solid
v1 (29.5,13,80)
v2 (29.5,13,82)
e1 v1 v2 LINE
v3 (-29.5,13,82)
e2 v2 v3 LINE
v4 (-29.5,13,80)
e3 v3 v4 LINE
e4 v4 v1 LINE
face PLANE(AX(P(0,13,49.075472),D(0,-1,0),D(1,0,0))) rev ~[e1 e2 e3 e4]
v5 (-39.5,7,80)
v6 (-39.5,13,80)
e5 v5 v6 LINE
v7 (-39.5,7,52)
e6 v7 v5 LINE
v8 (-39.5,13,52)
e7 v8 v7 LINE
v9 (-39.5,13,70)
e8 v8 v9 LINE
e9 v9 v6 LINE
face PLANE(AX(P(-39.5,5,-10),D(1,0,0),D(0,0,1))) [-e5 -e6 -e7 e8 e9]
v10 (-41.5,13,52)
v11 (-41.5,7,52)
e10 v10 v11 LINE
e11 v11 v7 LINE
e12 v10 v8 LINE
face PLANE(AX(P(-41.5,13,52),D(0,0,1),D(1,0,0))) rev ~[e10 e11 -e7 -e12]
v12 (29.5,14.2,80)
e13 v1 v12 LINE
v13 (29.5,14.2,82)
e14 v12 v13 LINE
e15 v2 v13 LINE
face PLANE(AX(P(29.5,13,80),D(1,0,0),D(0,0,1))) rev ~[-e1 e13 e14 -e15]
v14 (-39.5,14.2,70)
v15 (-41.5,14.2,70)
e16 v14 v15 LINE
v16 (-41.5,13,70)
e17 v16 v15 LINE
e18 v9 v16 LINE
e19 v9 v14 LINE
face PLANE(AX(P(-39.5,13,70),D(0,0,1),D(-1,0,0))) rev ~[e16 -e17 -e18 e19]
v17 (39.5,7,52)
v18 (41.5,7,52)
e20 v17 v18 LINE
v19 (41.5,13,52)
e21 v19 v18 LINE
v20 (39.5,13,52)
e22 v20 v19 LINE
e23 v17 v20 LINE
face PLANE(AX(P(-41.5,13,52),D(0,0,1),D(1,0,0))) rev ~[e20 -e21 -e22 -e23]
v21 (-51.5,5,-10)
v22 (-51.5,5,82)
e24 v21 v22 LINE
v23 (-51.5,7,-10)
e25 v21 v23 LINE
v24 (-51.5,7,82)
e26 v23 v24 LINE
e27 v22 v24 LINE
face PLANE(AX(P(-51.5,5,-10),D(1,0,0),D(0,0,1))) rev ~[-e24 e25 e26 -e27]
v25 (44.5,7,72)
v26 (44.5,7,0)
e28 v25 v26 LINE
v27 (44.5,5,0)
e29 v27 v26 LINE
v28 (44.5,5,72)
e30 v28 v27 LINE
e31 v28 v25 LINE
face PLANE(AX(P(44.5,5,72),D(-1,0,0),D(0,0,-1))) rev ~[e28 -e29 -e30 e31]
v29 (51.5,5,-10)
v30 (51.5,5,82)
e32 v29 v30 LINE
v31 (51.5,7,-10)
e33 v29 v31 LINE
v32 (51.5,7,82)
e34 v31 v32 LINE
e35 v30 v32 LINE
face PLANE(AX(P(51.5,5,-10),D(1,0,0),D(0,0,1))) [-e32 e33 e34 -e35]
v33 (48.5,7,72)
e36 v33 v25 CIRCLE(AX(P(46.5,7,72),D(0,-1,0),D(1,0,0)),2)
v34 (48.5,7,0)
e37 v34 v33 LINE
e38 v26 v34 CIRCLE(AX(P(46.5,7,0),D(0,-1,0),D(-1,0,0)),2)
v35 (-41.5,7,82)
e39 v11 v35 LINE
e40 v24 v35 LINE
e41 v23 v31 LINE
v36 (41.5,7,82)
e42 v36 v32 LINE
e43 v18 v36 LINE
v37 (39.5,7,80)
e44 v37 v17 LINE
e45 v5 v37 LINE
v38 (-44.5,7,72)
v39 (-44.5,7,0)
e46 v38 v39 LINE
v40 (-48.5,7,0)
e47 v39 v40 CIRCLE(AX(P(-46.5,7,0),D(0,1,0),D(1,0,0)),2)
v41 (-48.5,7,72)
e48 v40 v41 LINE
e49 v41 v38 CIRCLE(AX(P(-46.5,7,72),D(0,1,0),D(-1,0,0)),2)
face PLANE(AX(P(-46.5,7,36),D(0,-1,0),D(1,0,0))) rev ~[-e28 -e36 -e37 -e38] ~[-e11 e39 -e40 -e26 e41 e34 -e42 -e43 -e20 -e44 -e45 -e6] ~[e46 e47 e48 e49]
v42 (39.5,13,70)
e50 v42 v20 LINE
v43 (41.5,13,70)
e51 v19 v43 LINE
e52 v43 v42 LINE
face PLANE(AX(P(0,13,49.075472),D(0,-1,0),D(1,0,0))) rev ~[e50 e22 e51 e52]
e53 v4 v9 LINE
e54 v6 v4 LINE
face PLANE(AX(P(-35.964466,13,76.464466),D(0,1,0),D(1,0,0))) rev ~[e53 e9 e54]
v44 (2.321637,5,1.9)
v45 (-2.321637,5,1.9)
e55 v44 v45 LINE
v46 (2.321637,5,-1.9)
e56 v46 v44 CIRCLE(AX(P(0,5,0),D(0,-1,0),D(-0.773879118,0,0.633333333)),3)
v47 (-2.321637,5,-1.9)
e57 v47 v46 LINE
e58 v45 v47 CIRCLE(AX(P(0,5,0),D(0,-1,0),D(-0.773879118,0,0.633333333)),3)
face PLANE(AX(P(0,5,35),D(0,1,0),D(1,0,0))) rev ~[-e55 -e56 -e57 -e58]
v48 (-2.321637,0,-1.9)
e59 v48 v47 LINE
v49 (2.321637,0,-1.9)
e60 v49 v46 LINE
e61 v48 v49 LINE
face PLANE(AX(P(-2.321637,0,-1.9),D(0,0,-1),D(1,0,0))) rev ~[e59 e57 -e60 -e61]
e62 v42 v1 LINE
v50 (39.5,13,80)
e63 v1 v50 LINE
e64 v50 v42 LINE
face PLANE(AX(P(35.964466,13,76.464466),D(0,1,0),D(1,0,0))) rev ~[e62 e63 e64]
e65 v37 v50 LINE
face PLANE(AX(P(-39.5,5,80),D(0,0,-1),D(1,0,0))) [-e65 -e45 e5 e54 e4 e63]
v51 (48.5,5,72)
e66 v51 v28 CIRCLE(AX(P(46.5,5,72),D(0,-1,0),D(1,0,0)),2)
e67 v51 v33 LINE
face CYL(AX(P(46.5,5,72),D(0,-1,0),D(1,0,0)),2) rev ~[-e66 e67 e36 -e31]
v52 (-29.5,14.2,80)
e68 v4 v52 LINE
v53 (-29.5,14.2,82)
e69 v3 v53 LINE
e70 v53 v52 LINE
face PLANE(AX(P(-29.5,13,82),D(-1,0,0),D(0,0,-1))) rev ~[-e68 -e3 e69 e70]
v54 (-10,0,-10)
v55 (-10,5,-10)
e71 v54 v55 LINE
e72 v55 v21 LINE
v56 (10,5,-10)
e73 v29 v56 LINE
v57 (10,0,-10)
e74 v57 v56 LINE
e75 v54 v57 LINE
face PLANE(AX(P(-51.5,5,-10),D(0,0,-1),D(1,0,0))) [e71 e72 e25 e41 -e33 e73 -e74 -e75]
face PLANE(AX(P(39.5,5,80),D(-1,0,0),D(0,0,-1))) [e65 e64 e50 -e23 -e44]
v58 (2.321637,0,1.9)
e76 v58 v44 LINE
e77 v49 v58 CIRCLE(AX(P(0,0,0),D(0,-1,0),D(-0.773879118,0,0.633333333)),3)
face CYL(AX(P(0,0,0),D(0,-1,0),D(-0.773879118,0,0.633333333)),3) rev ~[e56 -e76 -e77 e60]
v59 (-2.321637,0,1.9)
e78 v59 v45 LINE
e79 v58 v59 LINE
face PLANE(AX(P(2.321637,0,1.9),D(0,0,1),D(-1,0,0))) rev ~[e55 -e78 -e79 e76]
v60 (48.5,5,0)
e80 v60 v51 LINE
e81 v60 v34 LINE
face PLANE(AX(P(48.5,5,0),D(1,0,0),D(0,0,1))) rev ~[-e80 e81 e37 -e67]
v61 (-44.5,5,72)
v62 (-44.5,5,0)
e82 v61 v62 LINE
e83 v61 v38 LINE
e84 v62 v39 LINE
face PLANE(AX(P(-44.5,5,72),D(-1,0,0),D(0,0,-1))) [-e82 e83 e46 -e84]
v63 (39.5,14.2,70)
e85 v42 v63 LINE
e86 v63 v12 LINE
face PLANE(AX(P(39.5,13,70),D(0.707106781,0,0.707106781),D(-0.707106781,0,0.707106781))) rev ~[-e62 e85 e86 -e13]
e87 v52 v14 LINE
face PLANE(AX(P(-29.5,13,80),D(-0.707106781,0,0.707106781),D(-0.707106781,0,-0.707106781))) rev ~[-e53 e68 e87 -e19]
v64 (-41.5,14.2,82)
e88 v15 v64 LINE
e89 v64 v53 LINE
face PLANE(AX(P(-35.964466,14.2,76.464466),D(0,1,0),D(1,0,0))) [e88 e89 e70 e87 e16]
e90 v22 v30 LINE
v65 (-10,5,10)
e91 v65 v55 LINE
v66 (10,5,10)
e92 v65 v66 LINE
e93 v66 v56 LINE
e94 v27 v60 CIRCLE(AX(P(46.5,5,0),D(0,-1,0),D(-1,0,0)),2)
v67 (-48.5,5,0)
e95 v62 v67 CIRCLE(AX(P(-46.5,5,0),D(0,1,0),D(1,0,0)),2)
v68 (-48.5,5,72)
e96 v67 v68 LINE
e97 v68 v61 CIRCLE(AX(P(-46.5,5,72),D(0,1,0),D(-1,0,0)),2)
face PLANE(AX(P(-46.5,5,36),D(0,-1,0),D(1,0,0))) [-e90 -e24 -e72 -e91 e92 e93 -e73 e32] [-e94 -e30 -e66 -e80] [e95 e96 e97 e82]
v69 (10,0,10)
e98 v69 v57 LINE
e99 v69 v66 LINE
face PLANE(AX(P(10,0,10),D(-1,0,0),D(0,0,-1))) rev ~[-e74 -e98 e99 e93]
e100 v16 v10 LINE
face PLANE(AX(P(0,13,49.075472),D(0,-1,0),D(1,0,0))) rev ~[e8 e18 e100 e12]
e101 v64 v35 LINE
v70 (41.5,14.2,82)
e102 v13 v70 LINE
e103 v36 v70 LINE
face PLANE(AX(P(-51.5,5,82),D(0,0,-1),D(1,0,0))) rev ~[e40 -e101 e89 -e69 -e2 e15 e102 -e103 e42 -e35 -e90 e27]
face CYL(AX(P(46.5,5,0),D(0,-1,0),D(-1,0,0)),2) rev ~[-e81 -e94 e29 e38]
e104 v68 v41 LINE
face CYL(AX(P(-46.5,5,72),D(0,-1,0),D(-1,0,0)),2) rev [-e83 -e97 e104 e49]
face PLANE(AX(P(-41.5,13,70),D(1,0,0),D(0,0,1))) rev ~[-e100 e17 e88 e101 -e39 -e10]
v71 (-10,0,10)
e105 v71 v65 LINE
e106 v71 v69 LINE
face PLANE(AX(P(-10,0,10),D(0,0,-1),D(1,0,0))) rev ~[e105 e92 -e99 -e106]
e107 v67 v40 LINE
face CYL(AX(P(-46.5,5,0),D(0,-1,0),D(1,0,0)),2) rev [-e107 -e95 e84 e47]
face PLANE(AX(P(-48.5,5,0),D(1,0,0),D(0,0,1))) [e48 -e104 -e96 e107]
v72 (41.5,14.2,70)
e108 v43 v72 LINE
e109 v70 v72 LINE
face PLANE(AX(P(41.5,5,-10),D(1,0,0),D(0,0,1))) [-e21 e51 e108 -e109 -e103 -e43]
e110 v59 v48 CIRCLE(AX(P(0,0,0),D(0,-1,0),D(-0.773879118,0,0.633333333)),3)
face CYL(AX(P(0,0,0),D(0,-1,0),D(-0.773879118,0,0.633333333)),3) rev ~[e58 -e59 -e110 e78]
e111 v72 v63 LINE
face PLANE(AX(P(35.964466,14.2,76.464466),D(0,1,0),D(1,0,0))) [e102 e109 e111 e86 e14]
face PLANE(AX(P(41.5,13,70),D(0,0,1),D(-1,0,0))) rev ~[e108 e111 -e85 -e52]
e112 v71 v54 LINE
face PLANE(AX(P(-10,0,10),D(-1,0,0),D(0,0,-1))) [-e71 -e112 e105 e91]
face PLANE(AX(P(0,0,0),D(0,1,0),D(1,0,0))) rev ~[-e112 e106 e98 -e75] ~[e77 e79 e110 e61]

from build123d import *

# Parameters (mm, degrees)
CROQUIS1_W              = 20
CROQUIS1_H              = 20
CROQUIS1_R              = 3
SALIENTE_EXTRUIR1_DEPTH = 5
SALIENTE_EXTRUIR2_DEPTH = 2
SALIENTE_EXTRUIR3_DEPTH = 8
SALIENTE_EXTRUIR4_DEPTH = 1.2
CROQUIS5_W              = 10
CROQUIS5_H              = 92
SALIENTE_EXTRUIR5_DEPTH = 2
CROQUIS6_W              = 83
CROQUIS6_H              = 62
CORTAR_EXTRUIR1_DEPTH   = 6


with BuildPart() as part:
    # Croquis1 → Saliente-Extruir1 (new body)
    with BuildSketch(Plane(origin=(0, 0, 0), x_dir=(1, 0, 0), z_dir=(0, 1, 0))):
        Rectangle(CROQUIS1_W, CROQUIS1_H)
        Circle(CROQUIS1_R, mode=Mode.SUBTRACT)
        with BuildLine():
            Line((2.321637353, -1.9), (-2.321637353, -1.9))
            ThreePointArc((-2.321637353, -1.9), (0, -3), (2.321637353, -1.9))
        make_face()
        with BuildLine():
            Line((-2.321637353, 1.9), (2.321637353, 1.9))
            ThreePointArc((2.321637353, 1.9), (0, 3), (-2.321637353, 1.9))
        make_face()
    extrude(amount=SALIENTE_EXTRUIR1_DEPTH)

    # Croquis2 → Saliente-Extruir2 (add)
    with BuildSketch(Plane(origin=(0, 5, 0), x_dir=(1, 0, 0), z_dir=(0, 1, 0))):
        Polygon((-10, 10), (-39.5, 10), (-39.5, 0), (-39.5, -80), (39.5, -80), (39.5, 0), (39.5, 10), (10, 10), align=None)
    extrude(amount=SALIENTE_EXTRUIR2_DEPTH)

    # Croquis3 → Saliente-Extruir3 (add)
    with BuildSketch(Plane.XZ.offset(-5)):
        Polygon((39.5, 80), (39.5, -10), (41.5, -10), (41.5, 82), (-41.5, 82), (-41.5, -10), (-39.5, -10), (-39.5, 80), align=None)
    extrude(amount=-SALIENTE_EXTRUIR3_DEPTH)

    # Croquis4 → Saliente-Extruir4 (add)
    with BuildSketch(Plane(origin=(0, 13, 0), x_dir=(1, 0, 0), z_dir=(0, 1, 0))):
        Polygon((-39.5, -80), (-29.5, -80), (-39.5, -70), align=None)
        Polygon((-29.5, -82), (-29.5, -80), (-39.5, -80), (-39.5, -70), (-41.5, -70), (-41.5, -82), align=None)
        Polygon((39.5, -70), (29.5, -80), (39.5, -80), align=None)
        Polygon((39.5, -80), (29.5, -80), (29.5, -82), (41.5, -82), (41.5, -70), (39.5, -70), align=None)
    extrude(amount=SALIENTE_EXTRUIR4_DEPTH)

    # Croquis5 → Saliente-Extruir5 (add)
    with BuildSketch(Plane.XZ.offset(-5)):
        with Locations((-46.5, 36)):
            Rectangle(CROQUIS5_W, CROQUIS5_H)
        with BuildLine():
            Line((-48.5, 0), (-48.5, 72))
            ThreePointArc((-48.5, 72), (-46.5, 74), (-44.5, 72))
            Line((-44.5, 72), (-44.5, 0))
            ThreePointArc((-44.5, 0), (-46.5, -2), (-48.5, 0))
        make_face(mode=Mode.SUBTRACT)
        with Locations((46.5, 36)):
            Rectangle(CROQUIS5_W, CROQUIS5_H)
        with BuildLine():
            Line((48.5, 0), (48.5, 72))
            ThreePointArc((48.5, 72), (46.5, 74), (44.5, 72))
            Line((44.5, 72), (44.5, 0))
            ThreePointArc((44.5, 0), (46.5, -2), (48.5, 0))
        make_face(mode=Mode.SUBTRACT)
    extrude(amount=-SALIENTE_EXTRUIR5_DEPTH)

    # Croquis6 → Cortar-Extruir1 (cut)
    with BuildSketch(Plane(origin=(0, 13, 0), x_dir=(1, 0, 0), z_dir=(0, 1, 0))):
        with Locations((0, -21)):
            Rectangle(CROQUIS6_W, CROQUIS6_H)
    extrude(amount=-CORTAR_EXTRUIR1_DEPTH, mode=Mode.SUBTRACT)


solid = part.part
